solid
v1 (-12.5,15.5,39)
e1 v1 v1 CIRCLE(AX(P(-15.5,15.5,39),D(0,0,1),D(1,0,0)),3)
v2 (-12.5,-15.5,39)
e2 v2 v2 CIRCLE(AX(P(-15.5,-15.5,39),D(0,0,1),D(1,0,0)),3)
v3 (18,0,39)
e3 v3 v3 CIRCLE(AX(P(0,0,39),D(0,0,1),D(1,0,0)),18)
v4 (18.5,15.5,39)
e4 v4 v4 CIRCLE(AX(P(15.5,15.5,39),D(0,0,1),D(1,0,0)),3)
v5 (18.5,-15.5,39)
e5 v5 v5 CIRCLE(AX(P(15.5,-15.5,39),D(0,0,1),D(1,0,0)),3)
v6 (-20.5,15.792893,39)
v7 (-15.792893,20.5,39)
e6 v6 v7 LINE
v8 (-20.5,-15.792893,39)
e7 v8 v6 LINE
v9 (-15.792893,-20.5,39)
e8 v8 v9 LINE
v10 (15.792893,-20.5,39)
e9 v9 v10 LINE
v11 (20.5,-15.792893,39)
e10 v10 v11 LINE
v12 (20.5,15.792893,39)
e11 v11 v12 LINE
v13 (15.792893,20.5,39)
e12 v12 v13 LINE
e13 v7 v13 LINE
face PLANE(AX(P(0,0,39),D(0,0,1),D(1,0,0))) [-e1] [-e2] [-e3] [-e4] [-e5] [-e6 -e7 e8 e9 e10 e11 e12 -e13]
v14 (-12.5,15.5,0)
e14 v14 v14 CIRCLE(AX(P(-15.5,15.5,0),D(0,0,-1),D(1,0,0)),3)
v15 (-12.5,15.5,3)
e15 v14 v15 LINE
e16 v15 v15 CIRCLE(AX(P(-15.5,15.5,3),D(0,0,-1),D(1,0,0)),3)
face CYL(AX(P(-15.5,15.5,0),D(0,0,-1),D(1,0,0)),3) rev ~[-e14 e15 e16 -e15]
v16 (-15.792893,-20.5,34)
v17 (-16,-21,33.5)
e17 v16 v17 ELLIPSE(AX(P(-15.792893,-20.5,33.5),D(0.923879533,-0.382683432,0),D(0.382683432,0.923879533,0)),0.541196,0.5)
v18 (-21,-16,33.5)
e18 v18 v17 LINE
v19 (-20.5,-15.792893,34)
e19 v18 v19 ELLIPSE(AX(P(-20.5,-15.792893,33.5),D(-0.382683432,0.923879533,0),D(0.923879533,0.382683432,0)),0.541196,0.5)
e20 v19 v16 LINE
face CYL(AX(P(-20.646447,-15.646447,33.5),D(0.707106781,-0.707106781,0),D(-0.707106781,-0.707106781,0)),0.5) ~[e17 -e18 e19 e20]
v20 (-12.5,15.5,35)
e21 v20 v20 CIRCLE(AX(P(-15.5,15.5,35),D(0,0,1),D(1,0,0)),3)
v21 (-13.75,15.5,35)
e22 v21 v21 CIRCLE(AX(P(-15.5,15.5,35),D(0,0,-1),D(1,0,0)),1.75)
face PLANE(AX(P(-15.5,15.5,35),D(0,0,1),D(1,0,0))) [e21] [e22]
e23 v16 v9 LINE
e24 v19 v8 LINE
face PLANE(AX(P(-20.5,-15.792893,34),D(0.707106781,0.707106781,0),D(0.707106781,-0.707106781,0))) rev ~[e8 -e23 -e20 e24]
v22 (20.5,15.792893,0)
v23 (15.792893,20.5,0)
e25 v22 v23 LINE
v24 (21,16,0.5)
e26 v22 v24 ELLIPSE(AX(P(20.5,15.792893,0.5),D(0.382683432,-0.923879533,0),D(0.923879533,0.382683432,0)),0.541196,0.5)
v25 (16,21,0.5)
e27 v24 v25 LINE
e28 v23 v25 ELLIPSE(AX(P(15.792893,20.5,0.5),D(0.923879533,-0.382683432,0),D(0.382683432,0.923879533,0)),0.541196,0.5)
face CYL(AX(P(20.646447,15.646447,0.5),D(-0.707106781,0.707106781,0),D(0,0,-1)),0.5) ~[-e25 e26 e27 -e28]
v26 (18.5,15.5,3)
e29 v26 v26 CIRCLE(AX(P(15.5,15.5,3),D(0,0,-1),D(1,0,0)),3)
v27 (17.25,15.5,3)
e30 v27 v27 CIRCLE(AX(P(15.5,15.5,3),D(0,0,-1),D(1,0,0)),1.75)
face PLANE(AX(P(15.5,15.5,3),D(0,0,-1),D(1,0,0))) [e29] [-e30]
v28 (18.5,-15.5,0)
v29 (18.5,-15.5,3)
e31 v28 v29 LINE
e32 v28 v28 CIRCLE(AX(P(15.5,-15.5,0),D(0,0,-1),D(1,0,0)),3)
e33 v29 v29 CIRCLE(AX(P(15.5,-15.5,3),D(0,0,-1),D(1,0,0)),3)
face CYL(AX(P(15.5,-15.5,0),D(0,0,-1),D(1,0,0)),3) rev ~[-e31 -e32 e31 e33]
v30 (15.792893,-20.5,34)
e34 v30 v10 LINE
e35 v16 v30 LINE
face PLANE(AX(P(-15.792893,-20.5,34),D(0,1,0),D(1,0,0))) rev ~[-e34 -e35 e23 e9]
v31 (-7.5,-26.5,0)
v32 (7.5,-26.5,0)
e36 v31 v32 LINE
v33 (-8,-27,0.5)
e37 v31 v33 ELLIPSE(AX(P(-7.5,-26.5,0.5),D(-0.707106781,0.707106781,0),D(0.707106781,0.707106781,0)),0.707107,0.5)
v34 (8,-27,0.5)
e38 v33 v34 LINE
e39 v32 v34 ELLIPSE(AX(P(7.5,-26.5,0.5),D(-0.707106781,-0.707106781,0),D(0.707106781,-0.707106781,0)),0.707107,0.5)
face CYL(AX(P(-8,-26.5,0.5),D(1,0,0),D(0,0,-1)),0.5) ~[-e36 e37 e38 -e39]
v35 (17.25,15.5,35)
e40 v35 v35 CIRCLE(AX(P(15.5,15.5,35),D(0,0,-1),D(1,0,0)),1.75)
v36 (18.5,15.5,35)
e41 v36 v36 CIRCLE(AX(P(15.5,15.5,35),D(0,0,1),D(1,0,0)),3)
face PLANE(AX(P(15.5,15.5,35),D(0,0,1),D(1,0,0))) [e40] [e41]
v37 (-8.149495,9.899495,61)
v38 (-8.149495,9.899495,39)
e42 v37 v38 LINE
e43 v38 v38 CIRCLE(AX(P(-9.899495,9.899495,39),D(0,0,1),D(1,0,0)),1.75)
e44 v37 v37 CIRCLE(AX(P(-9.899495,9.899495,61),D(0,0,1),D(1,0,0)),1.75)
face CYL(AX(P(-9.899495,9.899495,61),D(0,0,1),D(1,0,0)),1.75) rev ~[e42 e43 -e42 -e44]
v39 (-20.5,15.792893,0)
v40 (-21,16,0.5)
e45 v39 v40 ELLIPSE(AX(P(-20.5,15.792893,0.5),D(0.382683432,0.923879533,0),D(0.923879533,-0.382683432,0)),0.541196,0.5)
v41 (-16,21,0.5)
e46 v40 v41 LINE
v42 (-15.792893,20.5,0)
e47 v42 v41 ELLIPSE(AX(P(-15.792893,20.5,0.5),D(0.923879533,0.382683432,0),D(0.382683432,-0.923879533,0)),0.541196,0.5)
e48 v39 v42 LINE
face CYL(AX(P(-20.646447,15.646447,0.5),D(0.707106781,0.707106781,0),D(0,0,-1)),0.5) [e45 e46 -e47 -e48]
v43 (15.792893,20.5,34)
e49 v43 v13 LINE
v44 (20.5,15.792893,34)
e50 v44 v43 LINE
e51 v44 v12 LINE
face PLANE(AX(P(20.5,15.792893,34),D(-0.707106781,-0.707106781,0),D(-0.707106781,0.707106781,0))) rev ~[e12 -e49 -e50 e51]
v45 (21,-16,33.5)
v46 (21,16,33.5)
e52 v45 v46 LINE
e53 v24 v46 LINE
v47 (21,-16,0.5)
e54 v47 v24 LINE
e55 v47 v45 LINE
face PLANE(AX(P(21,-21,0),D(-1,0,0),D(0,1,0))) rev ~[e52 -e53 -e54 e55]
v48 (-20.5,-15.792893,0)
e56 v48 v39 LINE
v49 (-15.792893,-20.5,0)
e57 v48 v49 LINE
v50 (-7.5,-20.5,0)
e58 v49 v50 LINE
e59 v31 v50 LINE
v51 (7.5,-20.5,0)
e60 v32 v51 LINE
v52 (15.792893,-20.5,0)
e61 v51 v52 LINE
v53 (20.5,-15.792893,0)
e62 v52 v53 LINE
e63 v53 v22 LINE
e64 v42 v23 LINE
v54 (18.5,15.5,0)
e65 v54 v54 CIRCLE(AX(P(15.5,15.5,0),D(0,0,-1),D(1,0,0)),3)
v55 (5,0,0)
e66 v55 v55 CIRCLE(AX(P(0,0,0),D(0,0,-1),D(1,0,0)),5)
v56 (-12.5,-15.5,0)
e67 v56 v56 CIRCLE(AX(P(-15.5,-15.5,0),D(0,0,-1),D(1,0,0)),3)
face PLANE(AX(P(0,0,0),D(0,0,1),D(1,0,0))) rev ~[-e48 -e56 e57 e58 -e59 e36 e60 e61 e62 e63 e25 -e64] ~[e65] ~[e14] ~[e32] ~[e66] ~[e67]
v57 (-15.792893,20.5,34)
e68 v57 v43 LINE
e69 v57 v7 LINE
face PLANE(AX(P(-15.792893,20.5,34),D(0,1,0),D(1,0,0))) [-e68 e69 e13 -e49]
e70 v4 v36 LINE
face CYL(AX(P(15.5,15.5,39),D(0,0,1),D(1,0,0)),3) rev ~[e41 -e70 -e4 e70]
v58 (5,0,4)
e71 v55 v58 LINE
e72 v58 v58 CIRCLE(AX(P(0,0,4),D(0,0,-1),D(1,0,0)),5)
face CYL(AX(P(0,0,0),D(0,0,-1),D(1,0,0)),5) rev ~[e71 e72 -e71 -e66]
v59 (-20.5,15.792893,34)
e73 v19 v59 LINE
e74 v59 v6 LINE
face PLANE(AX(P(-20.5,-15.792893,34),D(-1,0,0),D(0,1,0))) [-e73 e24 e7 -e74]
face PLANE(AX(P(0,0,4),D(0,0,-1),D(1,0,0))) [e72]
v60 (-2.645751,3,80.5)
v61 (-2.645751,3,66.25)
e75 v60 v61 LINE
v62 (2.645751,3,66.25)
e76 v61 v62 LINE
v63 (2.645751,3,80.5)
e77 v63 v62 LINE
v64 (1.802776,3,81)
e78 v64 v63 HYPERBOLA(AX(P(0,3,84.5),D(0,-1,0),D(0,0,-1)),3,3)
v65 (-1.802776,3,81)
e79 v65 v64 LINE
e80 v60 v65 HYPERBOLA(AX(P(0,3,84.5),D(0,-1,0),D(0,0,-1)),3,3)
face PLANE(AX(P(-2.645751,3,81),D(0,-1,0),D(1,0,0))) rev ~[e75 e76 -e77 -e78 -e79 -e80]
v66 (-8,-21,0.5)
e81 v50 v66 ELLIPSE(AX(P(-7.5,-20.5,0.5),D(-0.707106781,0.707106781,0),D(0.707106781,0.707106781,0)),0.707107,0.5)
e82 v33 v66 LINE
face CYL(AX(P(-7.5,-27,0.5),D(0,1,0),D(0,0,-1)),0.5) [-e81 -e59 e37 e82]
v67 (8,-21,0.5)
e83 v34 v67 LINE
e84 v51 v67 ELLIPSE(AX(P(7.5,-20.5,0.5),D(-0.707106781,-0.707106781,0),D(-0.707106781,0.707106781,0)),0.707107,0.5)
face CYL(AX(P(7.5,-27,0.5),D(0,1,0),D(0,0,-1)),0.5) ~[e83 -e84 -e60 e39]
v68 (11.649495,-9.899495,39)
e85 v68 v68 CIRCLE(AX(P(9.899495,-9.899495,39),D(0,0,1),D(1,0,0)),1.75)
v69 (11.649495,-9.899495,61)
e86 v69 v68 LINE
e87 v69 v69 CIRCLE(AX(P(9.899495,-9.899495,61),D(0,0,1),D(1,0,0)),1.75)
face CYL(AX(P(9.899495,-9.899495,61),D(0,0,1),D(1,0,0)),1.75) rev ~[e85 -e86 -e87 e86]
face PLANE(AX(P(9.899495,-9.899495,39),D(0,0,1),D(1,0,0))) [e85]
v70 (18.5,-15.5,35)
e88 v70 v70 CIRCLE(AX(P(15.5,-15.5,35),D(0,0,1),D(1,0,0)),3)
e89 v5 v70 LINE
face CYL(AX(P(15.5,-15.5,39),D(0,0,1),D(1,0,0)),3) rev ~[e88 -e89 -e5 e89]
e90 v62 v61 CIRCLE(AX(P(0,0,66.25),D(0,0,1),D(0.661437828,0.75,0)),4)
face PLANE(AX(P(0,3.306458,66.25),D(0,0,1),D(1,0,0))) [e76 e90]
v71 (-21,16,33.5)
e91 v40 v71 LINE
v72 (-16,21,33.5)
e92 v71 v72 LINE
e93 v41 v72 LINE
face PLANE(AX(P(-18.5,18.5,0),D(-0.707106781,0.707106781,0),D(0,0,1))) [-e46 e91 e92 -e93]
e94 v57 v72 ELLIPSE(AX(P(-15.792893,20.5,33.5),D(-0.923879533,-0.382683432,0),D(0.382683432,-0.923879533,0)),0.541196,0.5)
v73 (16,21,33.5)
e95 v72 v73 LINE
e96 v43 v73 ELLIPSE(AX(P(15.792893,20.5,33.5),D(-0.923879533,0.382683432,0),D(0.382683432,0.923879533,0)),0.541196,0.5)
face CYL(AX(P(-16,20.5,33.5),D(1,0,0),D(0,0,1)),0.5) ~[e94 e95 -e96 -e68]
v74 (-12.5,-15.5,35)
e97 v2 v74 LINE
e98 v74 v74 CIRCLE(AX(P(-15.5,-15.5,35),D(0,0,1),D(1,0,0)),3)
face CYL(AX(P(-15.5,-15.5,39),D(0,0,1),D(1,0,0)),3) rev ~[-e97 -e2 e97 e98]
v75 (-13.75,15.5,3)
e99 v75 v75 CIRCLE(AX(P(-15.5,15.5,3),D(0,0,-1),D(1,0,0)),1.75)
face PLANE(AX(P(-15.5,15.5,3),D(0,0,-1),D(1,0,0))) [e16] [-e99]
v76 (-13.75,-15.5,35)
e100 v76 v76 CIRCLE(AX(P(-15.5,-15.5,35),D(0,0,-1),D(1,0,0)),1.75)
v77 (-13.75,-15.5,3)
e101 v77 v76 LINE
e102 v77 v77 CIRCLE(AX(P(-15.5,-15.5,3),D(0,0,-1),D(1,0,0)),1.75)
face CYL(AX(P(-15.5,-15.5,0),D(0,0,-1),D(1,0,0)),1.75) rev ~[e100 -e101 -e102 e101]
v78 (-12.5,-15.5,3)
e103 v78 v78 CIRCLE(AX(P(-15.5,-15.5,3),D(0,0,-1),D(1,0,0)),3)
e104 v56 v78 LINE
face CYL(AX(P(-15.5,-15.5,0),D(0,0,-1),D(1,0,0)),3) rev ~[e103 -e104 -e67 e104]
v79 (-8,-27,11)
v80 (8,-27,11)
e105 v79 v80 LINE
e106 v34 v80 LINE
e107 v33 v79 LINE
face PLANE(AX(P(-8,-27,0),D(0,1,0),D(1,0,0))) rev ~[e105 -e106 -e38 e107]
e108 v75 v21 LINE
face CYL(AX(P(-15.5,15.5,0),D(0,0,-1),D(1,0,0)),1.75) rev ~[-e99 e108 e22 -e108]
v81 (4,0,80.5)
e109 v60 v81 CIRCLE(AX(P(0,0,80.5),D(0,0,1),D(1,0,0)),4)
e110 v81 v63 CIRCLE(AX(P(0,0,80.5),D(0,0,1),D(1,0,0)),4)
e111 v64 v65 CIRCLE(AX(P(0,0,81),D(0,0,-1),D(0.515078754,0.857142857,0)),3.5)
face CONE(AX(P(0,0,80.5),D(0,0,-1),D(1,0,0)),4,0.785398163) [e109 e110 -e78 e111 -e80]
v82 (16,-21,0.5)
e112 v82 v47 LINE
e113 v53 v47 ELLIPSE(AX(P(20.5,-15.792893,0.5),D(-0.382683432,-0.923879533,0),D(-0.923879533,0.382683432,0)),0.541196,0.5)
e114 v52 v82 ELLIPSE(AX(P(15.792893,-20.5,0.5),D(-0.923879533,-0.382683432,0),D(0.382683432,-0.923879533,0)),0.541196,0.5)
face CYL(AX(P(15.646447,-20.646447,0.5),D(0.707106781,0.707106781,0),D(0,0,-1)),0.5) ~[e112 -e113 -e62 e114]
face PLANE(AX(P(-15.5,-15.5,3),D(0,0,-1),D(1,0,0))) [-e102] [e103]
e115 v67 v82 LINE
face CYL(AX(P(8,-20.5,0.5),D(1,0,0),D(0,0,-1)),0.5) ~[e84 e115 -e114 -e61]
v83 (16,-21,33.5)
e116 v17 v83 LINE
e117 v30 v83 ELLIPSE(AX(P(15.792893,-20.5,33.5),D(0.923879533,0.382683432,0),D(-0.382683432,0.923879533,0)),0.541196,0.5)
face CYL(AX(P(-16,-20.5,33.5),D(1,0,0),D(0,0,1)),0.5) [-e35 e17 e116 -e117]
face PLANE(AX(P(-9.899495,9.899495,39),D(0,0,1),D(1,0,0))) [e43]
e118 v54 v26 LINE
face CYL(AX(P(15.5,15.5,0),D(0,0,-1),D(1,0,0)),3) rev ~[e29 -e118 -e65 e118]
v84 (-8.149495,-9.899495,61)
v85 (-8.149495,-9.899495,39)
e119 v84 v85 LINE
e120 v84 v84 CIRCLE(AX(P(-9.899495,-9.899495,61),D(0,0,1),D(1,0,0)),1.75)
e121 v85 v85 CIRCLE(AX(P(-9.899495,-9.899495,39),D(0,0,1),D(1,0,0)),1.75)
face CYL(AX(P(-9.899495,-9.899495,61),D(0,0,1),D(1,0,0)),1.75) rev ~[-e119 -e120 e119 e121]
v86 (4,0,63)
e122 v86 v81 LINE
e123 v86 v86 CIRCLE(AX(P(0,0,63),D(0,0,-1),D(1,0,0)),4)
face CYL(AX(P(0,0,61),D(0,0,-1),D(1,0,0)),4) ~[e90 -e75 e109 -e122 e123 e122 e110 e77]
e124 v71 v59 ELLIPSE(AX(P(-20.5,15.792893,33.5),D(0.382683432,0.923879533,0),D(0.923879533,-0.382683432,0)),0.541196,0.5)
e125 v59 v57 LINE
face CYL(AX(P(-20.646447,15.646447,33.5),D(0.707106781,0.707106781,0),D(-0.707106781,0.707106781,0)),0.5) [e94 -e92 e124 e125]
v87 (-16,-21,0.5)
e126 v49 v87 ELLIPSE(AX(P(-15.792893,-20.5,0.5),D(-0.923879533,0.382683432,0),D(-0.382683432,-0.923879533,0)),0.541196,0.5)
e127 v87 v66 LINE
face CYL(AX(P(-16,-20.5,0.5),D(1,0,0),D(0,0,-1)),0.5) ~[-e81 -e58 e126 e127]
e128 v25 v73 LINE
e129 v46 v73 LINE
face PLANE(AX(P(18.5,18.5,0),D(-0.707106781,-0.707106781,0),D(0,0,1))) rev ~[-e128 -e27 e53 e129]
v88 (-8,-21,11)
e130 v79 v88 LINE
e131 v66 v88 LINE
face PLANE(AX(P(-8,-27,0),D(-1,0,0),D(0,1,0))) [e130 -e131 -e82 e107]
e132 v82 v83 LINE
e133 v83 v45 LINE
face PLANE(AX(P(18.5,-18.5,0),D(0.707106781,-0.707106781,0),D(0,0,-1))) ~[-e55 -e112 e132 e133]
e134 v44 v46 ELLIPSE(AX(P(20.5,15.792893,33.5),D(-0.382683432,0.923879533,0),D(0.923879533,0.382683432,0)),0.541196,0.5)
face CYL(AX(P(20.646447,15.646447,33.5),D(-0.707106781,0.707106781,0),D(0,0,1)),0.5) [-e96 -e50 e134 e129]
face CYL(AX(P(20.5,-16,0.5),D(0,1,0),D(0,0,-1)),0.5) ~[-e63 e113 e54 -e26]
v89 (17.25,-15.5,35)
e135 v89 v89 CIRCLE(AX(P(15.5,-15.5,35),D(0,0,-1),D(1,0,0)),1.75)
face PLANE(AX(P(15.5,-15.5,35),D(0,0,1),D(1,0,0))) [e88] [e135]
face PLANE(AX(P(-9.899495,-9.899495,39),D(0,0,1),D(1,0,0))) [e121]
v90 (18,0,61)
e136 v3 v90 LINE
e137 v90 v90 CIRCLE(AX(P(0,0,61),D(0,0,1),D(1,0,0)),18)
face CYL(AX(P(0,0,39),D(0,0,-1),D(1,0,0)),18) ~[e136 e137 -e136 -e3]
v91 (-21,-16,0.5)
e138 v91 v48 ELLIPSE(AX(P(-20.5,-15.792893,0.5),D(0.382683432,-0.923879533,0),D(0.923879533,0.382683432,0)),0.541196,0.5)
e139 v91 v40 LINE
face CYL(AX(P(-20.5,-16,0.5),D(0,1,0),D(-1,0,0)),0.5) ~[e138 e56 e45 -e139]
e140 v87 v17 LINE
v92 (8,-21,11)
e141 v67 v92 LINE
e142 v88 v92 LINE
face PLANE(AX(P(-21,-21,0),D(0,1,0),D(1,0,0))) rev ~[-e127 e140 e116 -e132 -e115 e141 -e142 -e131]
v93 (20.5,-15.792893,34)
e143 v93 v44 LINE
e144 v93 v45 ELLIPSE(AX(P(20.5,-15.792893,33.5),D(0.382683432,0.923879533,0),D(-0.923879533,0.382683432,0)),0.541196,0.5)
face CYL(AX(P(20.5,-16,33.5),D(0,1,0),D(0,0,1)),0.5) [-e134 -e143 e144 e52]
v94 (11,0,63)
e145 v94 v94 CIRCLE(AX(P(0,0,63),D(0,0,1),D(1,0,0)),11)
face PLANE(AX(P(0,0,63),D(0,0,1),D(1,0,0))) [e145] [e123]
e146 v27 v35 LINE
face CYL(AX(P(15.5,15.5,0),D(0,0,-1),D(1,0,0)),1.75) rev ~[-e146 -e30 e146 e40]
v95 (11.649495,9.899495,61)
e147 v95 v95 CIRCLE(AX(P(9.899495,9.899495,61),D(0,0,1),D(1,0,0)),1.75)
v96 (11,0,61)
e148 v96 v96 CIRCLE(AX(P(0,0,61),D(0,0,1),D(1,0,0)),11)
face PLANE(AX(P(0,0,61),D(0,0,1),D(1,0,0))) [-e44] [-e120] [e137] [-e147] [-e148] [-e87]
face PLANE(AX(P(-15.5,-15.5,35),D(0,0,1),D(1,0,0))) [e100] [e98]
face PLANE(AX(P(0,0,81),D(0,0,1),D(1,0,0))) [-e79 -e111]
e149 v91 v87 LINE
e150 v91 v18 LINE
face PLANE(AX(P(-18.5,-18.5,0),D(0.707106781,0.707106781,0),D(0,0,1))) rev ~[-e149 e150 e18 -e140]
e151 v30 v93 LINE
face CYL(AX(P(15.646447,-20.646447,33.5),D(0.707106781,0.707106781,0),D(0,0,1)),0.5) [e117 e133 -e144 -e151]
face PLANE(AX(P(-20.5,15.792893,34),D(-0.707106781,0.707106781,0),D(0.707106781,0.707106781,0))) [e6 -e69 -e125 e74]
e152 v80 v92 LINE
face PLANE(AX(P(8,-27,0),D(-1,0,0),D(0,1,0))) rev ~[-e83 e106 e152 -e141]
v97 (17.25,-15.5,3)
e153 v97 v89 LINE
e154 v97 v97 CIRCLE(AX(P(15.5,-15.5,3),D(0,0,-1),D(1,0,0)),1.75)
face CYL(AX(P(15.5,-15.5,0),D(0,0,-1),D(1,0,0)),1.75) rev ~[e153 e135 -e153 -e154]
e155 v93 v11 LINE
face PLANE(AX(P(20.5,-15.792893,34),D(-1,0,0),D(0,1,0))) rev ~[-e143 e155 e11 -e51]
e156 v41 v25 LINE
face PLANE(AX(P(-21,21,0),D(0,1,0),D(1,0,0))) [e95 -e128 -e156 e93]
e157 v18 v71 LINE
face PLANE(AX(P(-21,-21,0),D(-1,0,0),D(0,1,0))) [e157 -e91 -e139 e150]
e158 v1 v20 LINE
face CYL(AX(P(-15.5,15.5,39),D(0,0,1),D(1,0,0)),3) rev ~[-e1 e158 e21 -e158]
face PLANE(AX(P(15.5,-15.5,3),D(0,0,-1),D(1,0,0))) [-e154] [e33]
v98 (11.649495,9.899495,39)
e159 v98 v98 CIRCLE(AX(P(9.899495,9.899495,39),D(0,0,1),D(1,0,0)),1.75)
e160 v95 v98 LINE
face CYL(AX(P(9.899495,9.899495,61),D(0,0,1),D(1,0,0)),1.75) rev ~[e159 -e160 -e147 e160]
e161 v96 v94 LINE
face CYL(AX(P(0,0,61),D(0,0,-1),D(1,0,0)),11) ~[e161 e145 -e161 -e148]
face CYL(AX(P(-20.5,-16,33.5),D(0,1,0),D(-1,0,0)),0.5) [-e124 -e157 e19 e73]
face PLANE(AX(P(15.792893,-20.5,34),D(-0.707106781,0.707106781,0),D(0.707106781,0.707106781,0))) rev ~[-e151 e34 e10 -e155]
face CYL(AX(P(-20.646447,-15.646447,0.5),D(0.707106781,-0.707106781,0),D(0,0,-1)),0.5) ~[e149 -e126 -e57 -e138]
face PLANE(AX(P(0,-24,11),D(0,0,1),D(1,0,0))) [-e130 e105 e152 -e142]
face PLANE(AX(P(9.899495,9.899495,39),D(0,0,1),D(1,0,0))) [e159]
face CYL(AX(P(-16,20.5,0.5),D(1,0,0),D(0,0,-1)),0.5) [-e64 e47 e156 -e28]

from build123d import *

# Parameters (mm, degrees)
F0_W      = 42
F0_H      = 42
F1_DEPTH  = 34
F2_SIZE   = 5
F3_W      = 16
F3_H      = 6
F4_DEPTH  = 11
F5_R      = 0.5
F6_DEPTH  = 5
F7_R      = 1.75
F8_DEPTH  = 39.001
F9_R      = 3
F10_DEPTH = 4
F11_R     = 18
F12_DEPTH = 22
F13_R     = 11
F14_DEPTH = 2
F15_R     = 4
F16_DEPTH = 20
F17_SIZE  = 0.5
F19_DEPTH = 14.75
F20_R     = 1.75
F21_DEPTH = 22
F22_R     = 3
F23_DEPTH = 3
F24_R     = 5
F25_DEPTH = 4


with BuildPart() as f1:
    # F0 (on Top) → F1 (new body)
    with BuildSketch(Plane.XY):
        Rectangle(F0_W, F0_H)
    extrude(amount=F1_DEPTH)

    # F2
    f2_edges = [f1.edges().sort_by_distance(p)[0] for p in [
        (-21, -21, 17),
        (21, -21, 17),
        (21, 21, 17),
        (-21, 21, 17),
    ]]
    chamfer(f2_edges, length=F2_SIZE)

    # F3 (on Top) → F4 (join)
    with BuildSketch(Plane.XY):
        with Locations((0, -24)):
            Rectangle(F3_W, F3_H)
    extrude(amount=F4_DEPTH)

    # F5
    f5_edges = [f1.edges().sort_by_distance(p)[0] for p in [
        (21, 0, 34),
        (18.5, -18.5, 34),
        (18.5, 18.5, 34),
        (0, -21, 34),
        (0, 21, 34),
        (-18.5, -18.5, 34),
        (-18.5, 18.5, 34),
        (-21, 0, 34),
        (21, 0, 0),
        (18.5, 18.5, 0),
        (0, 21, 0),
        (-18.5, 18.5, 0),
        (-21, 0, 0),
        (-18.5, -18.5, 0),
        (-12, -21, 0),
        (-8, -24, 0),
        (0, -27, 0),
        (8, -24, 0),
        (12, -21, 0),
        (18.5, -18.5, 0),
    ]]
    fillet(f5_edges, radius=F5_R)

    # F6 (add): a face of the model
    f6_faces = [f1.faces().sort_by_distance(p)[0] for p in [
        (0, 0, 34),
    ]]
    extrude(f6_faces, amount=F6_DEPTH)

    # F7 (on face) → F8 (cut, through all)
    with BuildSketch(Plane(origin=(0, 0, 0), x_dir=(1, 0, 0), z_dir=(0, 0, -1))):
        with Locations((-15.5, 15.5)):
            Circle(F7_R)
        with Locations((-15.5, -15.5)):
            Circle(F7_R)
        with Locations((15.5, -15.5)):
            Circle(F7_R)
        with Locations((15.5, 15.5)):
            Circle(F7_R)
    extrude(amount=-F8_DEPTH, mode=Mode.SUBTRACT)

    # F9 (on face) → F10 (cut)
    with BuildSketch(Plane.XY.offset(39)):
        with Locations((-15.5, 15.5)):
            Circle(F9_R)
        with Locations((-15.5, -15.5)):
            Circle(F9_R)
        with Locations((15.5, -15.5)):
            Circle(F9_R)
        with Locations((15.5, 15.5)):
            Circle(F9_R)
    extrude(amount=-F10_DEPTH, mode=Mode.SUBTRACT)

    # F11 (on face) → F12 (join)
    with BuildSketch(Plane.XY.offset(39)):
        Circle(F11_R)
    extrude(amount=F12_DEPTH)

    # F13 (on face) → F14 (join)
    with BuildSketch(Plane.XY.offset(61)):
        Circle(F13_R)
    extrude(amount=F14_DEPTH)

    # F15 (on face) → F16 (join)
    with BuildSketch(Plane.XY.offset(61)):
        Circle(F15_R)
    extrude(amount=F16_DEPTH)

    # F17
    f17_edges = [f1.edges().sort_by_distance(p)[0] for p in [
        (-4, 0, 81),
    ]]
    chamfer(f17_edges, length=F17_SIZE)

    # F18 (on face) → F19 (cut)
    with BuildSketch(Plane.XY.offset(81)):
        with BuildLine():
            Line((-2.6457513111, 3), (2.6457513111, 3))
            ThreePointArc((2.6457513111, 3), (0, 4), (-2.6457513111, 3))
        make_face()
    extrude(amount=-F19_DEPTH, mode=Mode.SUBTRACT)

    # F20 (on face) → F21 (cut, through all)
    with BuildSketch(Plane.XY.offset(61)):
        with Locations((-9.8994949366, 9.8994949366)):
            Circle(F20_R)
        with Locations((-9.8994949366, -9.8994949366)):
            Circle(F20_R)
        with Locations((9.8994949366, -9.8994949366)):
            Circle(F20_R)
        with Locations((9.8994949366, 9.8994949366)):
            Circle(F20_R)
    extrude(amount=-F21_DEPTH, mode=Mode.SUBTRACT)

    # F22 (on face) → F23 (cut)
    with BuildSketch(Plane(origin=(0, 0, 0), x_dir=(1, 0, 0), z_dir=(0, 0, -1))):
        with Locations((-15.5, 15.5)):
            Circle(F22_R)
        with Locations((-15.5, -15.5)):
            Circle(F22_R)
        with Locations((15.5, -15.5)):
            Circle(F22_R)
        with Locations((15.5, 15.5)):
            Circle(F22_R)
    extrude(amount=-F23_DEPTH, mode=Mode.SUBTRACT)

    # F24 (on face) → F25 (cut)
    with BuildSketch(Plane(origin=(0, 0, 0), x_dir=(1, 0, 0), z_dir=(0, 0, -1))):
        Circle(F24_R)
    extrude(amount=-F25_DEPTH, mode=Mode.SUBTRACT)


solid = f1.part
